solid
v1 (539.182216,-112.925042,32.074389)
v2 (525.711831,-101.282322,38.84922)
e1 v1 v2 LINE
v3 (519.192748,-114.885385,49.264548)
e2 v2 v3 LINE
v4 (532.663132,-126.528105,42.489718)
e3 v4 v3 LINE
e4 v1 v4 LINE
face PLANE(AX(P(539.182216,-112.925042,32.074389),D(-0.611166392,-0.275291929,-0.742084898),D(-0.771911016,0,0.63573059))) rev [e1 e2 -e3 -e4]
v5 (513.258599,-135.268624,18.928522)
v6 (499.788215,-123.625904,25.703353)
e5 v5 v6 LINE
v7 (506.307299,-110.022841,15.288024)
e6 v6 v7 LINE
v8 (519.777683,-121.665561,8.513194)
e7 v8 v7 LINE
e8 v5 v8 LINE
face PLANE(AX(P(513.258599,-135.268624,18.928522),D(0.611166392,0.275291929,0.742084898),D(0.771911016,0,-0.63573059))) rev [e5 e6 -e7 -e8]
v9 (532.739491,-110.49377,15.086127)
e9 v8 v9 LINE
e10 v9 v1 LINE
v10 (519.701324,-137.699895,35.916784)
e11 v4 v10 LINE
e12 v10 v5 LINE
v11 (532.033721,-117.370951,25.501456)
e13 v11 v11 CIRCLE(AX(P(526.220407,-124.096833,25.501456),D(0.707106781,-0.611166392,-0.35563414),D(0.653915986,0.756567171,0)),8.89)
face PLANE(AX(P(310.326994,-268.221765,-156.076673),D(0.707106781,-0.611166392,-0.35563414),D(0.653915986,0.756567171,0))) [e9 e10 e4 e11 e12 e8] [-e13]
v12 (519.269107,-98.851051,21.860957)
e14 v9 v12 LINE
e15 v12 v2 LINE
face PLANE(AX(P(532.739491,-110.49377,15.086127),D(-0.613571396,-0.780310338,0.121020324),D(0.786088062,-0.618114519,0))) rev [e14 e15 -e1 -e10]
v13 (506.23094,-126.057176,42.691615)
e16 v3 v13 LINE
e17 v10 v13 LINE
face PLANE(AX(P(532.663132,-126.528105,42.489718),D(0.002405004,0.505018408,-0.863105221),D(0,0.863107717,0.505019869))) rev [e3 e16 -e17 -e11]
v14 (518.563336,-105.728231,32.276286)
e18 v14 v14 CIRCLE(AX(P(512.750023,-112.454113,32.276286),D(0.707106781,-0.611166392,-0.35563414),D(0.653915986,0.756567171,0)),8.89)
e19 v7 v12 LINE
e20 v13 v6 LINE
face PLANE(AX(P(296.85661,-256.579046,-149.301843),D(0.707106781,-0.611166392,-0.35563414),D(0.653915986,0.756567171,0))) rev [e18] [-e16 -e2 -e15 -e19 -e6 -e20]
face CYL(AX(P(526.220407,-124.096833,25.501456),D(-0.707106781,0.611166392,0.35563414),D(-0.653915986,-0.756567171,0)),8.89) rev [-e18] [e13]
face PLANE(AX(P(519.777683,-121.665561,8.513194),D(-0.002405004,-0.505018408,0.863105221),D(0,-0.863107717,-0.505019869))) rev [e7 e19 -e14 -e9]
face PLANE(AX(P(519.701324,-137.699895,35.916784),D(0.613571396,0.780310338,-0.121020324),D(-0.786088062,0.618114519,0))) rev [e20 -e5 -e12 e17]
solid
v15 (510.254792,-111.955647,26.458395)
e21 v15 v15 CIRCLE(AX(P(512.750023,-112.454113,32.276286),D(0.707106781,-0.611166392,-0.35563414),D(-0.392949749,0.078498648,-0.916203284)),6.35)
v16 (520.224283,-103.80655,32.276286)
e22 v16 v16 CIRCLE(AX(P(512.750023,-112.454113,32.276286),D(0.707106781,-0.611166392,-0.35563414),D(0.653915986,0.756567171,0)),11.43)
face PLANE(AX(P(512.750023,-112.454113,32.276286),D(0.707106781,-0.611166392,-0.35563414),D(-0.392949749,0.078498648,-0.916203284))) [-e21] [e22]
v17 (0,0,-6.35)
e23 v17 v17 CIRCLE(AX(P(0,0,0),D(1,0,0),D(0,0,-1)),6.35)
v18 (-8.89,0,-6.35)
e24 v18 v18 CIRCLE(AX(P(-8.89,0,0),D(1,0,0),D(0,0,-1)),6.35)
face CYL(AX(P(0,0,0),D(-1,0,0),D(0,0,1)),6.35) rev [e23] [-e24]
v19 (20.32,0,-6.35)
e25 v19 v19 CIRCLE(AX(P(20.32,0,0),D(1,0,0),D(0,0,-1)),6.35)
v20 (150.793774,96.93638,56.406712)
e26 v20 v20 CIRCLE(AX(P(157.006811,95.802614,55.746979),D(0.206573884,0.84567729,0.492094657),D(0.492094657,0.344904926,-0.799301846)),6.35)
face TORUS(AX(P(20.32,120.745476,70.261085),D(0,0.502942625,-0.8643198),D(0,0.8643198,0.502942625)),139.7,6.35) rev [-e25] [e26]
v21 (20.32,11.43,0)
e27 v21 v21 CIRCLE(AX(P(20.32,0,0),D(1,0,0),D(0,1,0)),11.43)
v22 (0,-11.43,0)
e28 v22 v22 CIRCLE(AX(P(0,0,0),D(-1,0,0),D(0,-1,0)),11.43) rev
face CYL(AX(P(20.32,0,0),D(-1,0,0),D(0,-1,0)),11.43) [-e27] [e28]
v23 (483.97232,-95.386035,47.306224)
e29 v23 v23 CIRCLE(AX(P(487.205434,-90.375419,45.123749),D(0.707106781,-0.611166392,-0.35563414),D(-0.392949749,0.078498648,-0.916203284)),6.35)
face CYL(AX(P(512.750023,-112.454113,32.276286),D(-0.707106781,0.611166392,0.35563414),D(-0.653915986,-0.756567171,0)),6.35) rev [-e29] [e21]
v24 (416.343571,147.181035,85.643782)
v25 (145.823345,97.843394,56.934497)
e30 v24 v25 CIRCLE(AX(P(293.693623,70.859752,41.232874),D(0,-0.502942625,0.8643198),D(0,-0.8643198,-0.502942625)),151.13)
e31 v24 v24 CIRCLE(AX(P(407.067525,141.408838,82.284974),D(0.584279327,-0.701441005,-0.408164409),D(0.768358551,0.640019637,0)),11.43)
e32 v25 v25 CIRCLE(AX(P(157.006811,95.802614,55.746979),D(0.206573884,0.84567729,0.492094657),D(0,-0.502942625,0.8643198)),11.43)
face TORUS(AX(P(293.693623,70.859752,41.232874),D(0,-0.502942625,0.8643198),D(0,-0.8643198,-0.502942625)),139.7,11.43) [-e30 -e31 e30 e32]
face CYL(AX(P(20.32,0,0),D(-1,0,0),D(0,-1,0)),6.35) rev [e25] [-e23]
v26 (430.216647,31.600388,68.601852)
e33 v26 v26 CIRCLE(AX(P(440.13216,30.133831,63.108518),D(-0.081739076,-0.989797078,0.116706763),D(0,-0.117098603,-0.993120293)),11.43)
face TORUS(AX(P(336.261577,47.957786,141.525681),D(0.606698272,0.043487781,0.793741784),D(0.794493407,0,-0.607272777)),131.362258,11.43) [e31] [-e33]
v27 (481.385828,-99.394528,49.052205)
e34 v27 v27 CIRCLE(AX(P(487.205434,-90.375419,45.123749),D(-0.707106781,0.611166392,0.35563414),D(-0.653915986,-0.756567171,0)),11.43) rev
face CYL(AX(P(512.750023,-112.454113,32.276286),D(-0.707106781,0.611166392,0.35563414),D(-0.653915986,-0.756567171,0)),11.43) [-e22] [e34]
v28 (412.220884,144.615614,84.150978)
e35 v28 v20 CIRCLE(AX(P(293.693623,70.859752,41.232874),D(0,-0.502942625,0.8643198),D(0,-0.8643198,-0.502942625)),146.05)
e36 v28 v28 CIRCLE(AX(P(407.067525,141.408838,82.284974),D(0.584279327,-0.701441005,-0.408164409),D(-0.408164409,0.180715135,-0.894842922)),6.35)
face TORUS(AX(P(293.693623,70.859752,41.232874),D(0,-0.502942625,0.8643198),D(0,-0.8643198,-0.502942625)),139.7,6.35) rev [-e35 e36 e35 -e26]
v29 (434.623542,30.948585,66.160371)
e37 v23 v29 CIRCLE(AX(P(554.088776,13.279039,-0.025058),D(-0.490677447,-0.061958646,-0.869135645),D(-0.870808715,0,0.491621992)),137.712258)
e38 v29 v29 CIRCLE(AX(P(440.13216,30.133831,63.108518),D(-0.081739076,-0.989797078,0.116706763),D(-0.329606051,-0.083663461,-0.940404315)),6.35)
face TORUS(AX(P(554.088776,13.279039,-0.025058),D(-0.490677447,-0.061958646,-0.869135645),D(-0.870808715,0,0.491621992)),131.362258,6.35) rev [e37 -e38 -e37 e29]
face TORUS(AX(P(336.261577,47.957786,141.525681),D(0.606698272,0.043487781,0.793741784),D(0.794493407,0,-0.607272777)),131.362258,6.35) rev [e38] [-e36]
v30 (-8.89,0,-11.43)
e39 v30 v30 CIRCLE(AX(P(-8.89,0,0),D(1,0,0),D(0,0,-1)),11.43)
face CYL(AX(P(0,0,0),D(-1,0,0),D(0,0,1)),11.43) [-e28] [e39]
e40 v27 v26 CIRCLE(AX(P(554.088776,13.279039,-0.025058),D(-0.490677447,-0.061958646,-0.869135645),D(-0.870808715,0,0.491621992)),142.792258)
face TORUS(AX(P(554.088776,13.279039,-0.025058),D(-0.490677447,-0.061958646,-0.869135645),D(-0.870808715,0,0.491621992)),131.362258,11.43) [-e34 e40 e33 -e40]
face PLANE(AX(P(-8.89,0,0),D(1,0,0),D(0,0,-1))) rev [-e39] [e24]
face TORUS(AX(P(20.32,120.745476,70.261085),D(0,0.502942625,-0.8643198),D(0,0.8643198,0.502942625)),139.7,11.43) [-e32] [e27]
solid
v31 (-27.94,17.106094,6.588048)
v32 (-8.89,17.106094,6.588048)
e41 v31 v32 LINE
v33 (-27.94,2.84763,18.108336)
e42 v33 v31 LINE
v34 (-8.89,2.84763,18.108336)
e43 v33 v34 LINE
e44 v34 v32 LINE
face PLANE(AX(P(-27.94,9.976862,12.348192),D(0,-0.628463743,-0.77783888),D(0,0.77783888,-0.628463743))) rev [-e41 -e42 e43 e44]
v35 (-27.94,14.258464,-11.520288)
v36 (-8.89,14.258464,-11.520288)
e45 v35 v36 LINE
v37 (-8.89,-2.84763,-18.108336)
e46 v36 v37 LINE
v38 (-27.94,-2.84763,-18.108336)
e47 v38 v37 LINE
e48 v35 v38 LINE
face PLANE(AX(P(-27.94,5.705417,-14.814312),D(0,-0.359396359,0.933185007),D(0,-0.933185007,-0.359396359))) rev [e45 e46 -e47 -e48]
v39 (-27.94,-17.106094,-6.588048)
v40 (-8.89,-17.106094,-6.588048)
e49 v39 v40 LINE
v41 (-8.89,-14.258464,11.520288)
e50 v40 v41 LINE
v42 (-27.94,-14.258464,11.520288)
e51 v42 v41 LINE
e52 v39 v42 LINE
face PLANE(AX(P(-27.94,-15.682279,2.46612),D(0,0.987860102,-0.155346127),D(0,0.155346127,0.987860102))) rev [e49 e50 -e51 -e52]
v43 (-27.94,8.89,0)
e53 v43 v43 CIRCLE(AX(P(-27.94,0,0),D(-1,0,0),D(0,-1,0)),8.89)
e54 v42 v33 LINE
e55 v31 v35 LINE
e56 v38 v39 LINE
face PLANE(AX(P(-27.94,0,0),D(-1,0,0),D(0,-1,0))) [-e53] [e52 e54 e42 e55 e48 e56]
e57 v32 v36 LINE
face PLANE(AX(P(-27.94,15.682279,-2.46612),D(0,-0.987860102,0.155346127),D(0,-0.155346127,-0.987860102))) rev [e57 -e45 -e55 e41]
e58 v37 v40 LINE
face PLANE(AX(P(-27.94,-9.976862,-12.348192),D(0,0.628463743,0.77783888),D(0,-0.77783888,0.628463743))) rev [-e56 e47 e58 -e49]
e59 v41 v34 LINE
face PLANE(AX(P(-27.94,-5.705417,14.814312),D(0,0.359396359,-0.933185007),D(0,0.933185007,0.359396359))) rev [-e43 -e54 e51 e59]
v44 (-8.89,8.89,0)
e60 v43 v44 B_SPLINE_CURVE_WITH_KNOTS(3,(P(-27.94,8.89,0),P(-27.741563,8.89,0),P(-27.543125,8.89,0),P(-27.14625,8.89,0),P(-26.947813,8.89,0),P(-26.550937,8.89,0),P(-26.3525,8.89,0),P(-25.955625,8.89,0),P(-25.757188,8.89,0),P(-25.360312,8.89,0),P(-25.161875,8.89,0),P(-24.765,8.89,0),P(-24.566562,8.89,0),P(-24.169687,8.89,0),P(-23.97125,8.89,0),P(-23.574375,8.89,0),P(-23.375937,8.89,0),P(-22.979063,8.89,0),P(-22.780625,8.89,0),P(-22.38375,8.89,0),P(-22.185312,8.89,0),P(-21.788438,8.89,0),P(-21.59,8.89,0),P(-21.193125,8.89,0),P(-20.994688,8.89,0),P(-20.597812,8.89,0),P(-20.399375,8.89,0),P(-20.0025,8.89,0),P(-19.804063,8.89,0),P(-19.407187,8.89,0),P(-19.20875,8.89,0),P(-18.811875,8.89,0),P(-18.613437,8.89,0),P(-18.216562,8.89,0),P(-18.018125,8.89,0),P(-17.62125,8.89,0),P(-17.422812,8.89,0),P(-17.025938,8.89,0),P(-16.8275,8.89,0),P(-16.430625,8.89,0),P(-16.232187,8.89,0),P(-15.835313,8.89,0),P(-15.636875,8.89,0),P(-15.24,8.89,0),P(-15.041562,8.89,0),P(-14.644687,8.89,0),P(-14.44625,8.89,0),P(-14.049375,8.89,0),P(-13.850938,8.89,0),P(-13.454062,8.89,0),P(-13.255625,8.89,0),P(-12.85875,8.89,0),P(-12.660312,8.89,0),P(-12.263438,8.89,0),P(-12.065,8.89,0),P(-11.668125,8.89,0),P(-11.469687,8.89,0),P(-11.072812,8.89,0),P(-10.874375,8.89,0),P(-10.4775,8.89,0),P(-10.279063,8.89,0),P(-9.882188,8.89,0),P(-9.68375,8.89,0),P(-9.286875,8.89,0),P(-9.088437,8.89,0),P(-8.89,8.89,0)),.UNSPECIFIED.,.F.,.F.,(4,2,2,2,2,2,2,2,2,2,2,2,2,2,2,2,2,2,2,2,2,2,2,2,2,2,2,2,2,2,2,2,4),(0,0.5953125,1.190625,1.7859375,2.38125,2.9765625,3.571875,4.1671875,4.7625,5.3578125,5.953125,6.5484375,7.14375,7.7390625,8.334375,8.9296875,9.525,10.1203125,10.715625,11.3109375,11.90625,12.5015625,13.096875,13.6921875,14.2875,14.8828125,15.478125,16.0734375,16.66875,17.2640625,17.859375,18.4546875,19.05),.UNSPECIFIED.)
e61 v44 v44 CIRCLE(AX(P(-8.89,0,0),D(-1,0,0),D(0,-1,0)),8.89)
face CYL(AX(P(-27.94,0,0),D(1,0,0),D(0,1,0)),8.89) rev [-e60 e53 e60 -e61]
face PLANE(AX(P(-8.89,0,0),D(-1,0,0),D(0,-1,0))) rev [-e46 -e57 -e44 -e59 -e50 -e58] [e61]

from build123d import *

# Parameters (mm, degrees)
SWEEP_THIN1_PROFILE_R   = 11.43
SWEEP_THIN1_PROFILE_R_2 = 6.35
SKETCH18_R              = 8.89
BOSS_EXTRUDE1_DEPTH     = 19.05
SKETCH19_R              = 8.89
BOSS_EXTRUDE2_DEPTH     = 19.05


with BuildPart() as part:
    # Sweep-Thin1: sweep along a curve in space
    with BuildLine() as sweep_thin1_path:
        Line((487.205434409, -90.375419218, 45.123748712), (512.750023236, -112.454113118, 32.276286161))
        ThreePointArc((440.132159767, 30.133830628, 63.108518255), (449.876081908, -36.741029626, 62.374861715), (487.205434409, -90.375419218, 45.123748712))
        ThreePointArc((407.06752472, 141.408837524, 82.28497359), (433.942607147, 90.249287025, 64.545891369), (440.132159767, 30.133830628, 63.108518255))
        ThreePointArc((157.006811309, 95.802614022, 55.746979486), (264.850579743, 189.003665844, 109.98012518), (407.06752472, 141.408837524, 82.28497359))
        ThreePointArc((20.32, 0, 0), (108.310270713, 26.960595243, 15.688212324), (157.006811309, 95.802614022, 55.746979486))
        Line((0, 0, 0), (20.32, 0, 0))
        Line((0, 0, 0), (-8.89, 0, 0))
    # Sweep-Thin1 profile (on start of the path) → Sweep-Thin1 (sweep)
    with BuildSketch(Plane(origin=(-8.89, 0, 0), x_dir=(0, 0, 1), z_dir=(1, 0, 0))):
        Circle(SWEEP_THIN1_PROFILE_R)
        Circle(SWEEP_THIN1_PROFILE_R_2, mode=Mode.SUBTRACT)
    sweep(path=sweep_thin1_path.line)


with BuildPart() as body_2:
    # Sketch18 → Boss-Extrude1 (new body)
    with BuildSketch(Plane(origin=(296.856609846, -256.579045583, -149.30184251), x_dir=(-0.35563414046032077, -0.7420848977366932, 0.5681851482485005), z_dir=(0.7071067811865456, -0.611166391532659, -0.35563414046032127))):
        Polygon((-62.231137267, -306.369616201), (-71.396572791, -290.494616201), (-89.727443837, -290.494616201), (-98.892879361, -306.369616201), (-89.727443837, -322.244616201), (-71.396572791, -322.244616201), align=None)
        with Locations(Location((-80.562008314, -306.369616201, 0), (0, 0, 217.439856523))):
            Circle(SKETCH18_R, mode=Mode.SUBTRACT)
    extrude(amount=BOSS_EXTRUDE1_DEPTH)


with BuildPart() as body_3:
    # Sketch19 → Boss-Extrude2 (new body)
    with BuildSketch(Plane(origin=(-8.89, 0, 0), x_dir=(0, 0.7778388802300997, -0.6284637431088484), z_dir=(-1, 0, 0))):
        Polygon((18.330871047, 0), (9.165435523, 15.875), (-9.165435523, 15.875), (-18.330871047, 0), (-9.165435523, -15.875), (9.165435523, -15.875), align=None)
        with Locations(Location((0, 0, 0), (0, 0, 321.063128984))):
            Circle(SKETCH19_R, mode=Mode.SUBTRACT)
    extrude(amount=BOSS_EXTRUDE2_DEPTH)


solid = Compound([part.part, body_2.part, body_3.part])
